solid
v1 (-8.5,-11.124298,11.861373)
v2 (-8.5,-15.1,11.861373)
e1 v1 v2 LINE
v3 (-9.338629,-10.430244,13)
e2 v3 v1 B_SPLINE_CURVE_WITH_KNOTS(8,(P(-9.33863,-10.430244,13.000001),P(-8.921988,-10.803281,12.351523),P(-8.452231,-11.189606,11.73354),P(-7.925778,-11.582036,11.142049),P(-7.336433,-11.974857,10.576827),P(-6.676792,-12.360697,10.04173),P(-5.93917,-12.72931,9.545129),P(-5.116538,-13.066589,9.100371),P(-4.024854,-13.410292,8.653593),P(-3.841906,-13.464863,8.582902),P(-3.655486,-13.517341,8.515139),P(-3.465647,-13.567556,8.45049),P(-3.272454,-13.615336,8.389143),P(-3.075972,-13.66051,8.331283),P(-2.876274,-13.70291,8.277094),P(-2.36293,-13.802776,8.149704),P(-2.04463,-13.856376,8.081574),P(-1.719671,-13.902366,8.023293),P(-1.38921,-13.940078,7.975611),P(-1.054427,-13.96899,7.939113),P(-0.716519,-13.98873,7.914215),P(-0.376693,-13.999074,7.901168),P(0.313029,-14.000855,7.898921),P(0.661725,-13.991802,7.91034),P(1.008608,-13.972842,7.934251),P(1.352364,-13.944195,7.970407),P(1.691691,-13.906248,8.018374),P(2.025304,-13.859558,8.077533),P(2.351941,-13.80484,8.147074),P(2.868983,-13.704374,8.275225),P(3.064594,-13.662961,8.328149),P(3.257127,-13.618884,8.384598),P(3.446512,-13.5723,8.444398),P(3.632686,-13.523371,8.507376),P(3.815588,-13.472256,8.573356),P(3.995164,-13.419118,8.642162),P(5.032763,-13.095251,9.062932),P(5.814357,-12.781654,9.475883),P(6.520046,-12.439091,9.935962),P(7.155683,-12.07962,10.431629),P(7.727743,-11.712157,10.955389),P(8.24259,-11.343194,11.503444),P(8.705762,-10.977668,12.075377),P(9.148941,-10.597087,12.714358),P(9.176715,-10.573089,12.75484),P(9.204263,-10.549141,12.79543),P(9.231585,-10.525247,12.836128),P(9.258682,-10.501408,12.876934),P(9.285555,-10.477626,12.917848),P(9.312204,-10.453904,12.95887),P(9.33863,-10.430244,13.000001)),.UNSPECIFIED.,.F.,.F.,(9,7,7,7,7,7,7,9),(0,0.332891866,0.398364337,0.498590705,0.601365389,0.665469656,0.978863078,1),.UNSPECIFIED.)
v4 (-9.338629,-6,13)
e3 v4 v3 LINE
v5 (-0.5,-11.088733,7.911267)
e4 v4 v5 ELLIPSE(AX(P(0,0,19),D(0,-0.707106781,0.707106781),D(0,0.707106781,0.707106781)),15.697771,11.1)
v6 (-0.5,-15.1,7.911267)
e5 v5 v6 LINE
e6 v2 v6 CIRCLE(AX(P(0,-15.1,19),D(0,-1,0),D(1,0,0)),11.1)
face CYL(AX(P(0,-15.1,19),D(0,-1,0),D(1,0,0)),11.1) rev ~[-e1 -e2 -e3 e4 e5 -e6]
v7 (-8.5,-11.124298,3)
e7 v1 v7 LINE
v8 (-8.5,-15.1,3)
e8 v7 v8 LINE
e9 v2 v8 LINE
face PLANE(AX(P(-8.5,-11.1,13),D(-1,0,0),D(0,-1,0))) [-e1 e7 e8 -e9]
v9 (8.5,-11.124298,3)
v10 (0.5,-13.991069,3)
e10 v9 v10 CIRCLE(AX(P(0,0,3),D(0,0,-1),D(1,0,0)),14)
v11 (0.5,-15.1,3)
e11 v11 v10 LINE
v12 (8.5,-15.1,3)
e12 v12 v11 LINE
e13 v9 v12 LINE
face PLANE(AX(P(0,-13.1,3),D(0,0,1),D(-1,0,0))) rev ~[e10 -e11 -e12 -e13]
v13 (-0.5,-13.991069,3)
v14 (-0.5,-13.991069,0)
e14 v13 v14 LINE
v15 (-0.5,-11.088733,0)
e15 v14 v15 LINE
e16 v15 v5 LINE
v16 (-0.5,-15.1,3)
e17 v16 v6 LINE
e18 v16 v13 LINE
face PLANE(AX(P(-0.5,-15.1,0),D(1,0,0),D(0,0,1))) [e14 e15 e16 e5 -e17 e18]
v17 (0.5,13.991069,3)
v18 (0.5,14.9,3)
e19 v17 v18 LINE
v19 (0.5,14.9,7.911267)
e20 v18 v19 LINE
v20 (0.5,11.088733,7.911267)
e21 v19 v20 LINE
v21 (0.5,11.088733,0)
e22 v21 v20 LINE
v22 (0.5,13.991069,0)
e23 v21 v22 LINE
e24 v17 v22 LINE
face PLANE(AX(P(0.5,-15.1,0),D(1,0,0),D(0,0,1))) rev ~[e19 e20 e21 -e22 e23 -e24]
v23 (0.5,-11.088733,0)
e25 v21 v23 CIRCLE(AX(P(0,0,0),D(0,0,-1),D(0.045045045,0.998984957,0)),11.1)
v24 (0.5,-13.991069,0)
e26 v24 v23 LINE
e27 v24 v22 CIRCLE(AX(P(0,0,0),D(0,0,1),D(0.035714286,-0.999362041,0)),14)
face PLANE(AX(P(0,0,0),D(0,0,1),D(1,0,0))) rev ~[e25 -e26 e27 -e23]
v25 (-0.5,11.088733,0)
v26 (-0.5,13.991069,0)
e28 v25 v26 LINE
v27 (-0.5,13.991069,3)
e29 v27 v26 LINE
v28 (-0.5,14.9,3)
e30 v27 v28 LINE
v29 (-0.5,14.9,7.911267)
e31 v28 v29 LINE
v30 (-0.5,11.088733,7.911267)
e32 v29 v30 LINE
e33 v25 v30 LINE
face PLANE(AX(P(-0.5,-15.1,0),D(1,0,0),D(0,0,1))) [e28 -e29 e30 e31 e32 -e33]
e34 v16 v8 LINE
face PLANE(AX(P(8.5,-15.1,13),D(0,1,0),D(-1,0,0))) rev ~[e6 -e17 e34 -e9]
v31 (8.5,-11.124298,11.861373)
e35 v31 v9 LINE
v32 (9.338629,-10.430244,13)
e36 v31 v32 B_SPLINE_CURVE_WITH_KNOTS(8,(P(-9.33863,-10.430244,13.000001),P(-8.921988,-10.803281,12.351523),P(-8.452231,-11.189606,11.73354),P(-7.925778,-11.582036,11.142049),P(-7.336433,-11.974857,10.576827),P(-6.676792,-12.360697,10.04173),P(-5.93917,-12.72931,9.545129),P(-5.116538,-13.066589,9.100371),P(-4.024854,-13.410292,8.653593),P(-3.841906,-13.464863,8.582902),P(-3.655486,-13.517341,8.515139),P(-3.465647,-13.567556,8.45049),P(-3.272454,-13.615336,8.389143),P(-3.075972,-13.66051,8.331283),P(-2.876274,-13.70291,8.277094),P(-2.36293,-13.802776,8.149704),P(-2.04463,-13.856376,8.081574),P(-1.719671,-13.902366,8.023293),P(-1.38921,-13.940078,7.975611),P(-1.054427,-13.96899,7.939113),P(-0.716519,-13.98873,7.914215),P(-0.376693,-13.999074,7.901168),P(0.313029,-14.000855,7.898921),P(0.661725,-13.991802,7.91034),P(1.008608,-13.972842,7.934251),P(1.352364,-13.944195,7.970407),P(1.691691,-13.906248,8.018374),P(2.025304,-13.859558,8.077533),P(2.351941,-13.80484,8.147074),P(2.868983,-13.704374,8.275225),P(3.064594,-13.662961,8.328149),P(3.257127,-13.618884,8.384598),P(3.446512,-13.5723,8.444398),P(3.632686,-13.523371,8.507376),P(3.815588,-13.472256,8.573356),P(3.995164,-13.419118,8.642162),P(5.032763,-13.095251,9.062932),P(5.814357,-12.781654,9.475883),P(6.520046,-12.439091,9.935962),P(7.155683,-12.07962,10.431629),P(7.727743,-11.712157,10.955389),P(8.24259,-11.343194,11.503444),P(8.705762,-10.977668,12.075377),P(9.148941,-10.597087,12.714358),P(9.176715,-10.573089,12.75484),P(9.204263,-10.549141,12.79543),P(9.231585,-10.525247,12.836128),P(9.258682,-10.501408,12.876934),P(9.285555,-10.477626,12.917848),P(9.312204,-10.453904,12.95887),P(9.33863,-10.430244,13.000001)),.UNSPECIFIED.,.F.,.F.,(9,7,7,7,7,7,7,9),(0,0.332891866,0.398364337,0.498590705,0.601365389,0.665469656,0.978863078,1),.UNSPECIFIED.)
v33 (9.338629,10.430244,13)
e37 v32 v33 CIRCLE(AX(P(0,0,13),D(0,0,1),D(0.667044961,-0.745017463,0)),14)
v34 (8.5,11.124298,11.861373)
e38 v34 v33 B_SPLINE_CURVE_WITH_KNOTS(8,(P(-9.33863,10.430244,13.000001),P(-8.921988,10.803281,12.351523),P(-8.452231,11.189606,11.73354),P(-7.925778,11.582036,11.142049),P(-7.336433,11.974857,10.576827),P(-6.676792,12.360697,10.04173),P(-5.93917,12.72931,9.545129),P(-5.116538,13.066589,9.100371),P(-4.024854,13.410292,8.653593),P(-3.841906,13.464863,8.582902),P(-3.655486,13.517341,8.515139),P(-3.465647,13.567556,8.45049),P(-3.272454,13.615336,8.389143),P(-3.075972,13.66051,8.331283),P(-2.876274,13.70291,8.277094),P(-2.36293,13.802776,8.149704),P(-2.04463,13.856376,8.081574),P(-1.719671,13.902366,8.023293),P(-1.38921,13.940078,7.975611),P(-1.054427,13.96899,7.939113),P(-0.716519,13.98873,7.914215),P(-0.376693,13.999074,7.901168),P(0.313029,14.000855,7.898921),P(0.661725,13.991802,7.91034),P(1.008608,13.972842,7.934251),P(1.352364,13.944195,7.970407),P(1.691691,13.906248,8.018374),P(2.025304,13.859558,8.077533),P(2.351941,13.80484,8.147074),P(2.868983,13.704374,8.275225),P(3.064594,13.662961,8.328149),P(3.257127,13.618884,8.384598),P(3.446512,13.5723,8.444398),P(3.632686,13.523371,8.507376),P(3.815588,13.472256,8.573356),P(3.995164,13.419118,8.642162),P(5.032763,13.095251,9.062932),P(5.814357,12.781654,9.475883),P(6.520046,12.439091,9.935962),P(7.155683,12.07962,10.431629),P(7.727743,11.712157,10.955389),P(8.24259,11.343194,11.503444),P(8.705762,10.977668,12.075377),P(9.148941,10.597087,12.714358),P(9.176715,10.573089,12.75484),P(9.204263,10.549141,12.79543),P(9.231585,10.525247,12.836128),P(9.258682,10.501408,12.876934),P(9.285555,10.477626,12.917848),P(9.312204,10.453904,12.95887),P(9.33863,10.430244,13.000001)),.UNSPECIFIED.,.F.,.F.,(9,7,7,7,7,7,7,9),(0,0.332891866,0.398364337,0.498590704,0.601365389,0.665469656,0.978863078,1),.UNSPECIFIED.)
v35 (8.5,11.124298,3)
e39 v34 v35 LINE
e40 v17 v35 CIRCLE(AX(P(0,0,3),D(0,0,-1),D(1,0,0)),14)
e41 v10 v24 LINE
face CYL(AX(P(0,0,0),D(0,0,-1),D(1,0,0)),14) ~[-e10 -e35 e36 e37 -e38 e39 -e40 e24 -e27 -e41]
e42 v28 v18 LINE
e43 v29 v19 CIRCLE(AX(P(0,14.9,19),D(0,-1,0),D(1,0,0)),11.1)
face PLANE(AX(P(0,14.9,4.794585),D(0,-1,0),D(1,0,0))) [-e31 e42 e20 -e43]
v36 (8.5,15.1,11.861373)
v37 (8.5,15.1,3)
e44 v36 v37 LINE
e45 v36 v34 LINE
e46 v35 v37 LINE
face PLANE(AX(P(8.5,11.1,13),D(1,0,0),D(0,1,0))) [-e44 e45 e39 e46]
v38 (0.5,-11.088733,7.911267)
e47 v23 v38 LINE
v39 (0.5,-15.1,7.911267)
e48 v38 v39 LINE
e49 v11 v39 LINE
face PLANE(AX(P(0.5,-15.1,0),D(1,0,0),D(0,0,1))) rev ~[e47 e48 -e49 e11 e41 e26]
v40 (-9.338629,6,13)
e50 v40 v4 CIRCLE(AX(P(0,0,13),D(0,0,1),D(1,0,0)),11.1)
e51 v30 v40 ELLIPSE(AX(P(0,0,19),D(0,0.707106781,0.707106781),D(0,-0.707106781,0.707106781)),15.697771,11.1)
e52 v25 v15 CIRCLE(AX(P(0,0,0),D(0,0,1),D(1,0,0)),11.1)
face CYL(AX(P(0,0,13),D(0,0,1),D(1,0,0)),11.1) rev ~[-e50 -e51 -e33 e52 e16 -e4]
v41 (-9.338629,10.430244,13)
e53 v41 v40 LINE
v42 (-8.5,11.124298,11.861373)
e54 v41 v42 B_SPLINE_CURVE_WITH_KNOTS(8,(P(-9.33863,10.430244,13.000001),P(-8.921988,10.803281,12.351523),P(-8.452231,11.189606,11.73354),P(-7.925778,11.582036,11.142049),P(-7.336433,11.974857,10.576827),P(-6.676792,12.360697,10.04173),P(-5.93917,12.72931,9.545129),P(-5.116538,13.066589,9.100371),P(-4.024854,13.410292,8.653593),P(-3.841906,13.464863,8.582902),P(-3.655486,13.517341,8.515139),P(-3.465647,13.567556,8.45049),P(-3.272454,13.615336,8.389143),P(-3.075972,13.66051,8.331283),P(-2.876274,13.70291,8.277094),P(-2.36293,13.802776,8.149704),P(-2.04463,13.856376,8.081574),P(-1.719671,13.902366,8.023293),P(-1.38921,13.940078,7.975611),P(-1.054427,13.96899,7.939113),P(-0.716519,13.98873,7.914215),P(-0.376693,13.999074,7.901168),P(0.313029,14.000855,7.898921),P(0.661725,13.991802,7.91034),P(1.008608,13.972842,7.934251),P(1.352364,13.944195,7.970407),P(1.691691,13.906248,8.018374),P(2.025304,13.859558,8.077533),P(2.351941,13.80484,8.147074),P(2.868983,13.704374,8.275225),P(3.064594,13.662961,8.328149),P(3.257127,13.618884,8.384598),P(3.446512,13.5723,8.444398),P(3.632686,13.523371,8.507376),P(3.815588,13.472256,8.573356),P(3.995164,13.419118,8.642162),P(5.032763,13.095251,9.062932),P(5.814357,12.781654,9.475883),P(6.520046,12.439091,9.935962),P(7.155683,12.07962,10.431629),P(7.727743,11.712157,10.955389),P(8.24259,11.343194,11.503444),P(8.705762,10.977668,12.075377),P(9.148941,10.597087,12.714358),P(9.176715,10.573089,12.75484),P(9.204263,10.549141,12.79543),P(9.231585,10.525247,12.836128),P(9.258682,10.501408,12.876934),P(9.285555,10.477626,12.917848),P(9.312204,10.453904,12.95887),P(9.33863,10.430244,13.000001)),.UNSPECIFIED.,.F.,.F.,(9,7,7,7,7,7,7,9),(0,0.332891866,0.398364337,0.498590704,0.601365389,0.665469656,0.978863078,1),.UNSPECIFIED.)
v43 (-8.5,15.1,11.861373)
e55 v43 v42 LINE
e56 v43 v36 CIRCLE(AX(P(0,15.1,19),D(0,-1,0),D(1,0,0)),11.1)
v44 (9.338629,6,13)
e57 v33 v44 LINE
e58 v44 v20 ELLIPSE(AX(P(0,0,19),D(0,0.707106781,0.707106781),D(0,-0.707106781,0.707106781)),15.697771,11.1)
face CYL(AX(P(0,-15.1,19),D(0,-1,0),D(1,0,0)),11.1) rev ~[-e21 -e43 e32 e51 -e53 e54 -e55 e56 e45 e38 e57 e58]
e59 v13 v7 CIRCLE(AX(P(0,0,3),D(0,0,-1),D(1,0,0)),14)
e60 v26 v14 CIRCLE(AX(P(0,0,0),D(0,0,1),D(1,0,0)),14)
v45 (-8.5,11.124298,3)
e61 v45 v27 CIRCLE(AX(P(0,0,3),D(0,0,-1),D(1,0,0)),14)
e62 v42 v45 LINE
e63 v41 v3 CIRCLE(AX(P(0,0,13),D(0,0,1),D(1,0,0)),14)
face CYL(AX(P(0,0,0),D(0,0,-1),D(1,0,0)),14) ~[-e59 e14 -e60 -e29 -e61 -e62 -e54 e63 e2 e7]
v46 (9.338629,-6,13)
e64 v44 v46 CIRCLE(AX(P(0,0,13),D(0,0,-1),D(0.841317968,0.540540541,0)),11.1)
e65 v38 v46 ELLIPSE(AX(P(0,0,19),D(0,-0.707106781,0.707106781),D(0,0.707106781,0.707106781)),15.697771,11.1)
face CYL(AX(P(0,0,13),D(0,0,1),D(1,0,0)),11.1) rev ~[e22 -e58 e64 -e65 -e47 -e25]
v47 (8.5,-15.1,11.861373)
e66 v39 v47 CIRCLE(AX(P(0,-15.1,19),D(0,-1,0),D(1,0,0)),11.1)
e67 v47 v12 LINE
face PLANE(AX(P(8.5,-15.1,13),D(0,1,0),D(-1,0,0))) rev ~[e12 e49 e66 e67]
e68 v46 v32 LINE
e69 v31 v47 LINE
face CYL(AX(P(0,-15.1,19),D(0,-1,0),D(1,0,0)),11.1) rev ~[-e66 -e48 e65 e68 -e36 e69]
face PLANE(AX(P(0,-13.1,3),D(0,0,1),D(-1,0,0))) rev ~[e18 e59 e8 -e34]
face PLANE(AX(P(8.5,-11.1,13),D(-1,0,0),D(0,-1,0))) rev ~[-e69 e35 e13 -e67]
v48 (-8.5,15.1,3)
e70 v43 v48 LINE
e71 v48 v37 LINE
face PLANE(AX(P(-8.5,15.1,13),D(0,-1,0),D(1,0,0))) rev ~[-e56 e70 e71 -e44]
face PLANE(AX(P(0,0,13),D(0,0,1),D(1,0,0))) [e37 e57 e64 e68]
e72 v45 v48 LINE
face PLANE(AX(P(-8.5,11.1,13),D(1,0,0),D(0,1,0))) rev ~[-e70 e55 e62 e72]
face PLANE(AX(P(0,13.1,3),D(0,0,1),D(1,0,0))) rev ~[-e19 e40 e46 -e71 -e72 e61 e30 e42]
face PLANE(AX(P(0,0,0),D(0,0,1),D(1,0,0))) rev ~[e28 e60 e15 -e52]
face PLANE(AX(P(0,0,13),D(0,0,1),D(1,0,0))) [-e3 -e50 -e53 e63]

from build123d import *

# Parameters (mm, degrees)
SKETCH_R           = 14
PAD_DEPTH          = 13
SKETCH001_R        = 11.1
POCKET_DEPTH       = 13.001
SKETCH002_W        = 17
SKETCH002_H        = 4
PAD001_DEPTH       = 10
POLARPATTERN_COUNT = 2
SKETCH005_R        = 11.1
POCKET003_DEPTH    = 30.201
SKETCH006_W        = 1
SKETCH006_H        = 9.58917
POCKET004_DEPTH    = 30


with BuildPart() as part:
    # Sketch → Pad (new body)
    with BuildSketch(Plane.XY):
        Circle(SKETCH_R)
    extrude(amount=PAD_DEPTH)

    # Sketch001 → Pocket (cut, through all)
    with BuildSketch(Plane.XY.offset(13)):
        Circle(SKETCH001_R)
    extrude(amount=-POCKET_DEPTH, mode=Mode.SUBTRACT)

    # Sketch002 → Pad001 (new body)
    with BuildSketch(Plane.XY.offset(13)):
        with Locations((0, 13.1)):
            Rectangle(SKETCH002_W, SKETCH002_H)
    pad001 = extrude(amount=-PAD001_DEPTH)

    # PolarPattern: Pad001 ×2 about axis
    polarpattern_axis = Axis((0, 0, 13), (0, 0, 1))
    for i in range(1, POLARPATTERN_COUNT):
        add(pad001.rotate(polarpattern_axis, i * 360 / POLARPATTERN_COUNT))

    # Sketch005 → Pocket003 (cut, through all)
    with BuildSketch(Plane.XZ.offset(15.1)):
        with Locations((0, 19)):
            Circle(SKETCH005_R)
    extrude(amount=-POCKET003_DEPTH, mode=Mode.SUBTRACT)

    # Sketch006 → Pocket004 (cut)
    with BuildSketch(Plane.XZ.offset(15.1)):
        with Locations((0, 4.794585)):
            Rectangle(SKETCH006_W, SKETCH006_H)
    extrude(amount=-POCKET004_DEPTH, mode=Mode.SUBTRACT)


solid = part.part
